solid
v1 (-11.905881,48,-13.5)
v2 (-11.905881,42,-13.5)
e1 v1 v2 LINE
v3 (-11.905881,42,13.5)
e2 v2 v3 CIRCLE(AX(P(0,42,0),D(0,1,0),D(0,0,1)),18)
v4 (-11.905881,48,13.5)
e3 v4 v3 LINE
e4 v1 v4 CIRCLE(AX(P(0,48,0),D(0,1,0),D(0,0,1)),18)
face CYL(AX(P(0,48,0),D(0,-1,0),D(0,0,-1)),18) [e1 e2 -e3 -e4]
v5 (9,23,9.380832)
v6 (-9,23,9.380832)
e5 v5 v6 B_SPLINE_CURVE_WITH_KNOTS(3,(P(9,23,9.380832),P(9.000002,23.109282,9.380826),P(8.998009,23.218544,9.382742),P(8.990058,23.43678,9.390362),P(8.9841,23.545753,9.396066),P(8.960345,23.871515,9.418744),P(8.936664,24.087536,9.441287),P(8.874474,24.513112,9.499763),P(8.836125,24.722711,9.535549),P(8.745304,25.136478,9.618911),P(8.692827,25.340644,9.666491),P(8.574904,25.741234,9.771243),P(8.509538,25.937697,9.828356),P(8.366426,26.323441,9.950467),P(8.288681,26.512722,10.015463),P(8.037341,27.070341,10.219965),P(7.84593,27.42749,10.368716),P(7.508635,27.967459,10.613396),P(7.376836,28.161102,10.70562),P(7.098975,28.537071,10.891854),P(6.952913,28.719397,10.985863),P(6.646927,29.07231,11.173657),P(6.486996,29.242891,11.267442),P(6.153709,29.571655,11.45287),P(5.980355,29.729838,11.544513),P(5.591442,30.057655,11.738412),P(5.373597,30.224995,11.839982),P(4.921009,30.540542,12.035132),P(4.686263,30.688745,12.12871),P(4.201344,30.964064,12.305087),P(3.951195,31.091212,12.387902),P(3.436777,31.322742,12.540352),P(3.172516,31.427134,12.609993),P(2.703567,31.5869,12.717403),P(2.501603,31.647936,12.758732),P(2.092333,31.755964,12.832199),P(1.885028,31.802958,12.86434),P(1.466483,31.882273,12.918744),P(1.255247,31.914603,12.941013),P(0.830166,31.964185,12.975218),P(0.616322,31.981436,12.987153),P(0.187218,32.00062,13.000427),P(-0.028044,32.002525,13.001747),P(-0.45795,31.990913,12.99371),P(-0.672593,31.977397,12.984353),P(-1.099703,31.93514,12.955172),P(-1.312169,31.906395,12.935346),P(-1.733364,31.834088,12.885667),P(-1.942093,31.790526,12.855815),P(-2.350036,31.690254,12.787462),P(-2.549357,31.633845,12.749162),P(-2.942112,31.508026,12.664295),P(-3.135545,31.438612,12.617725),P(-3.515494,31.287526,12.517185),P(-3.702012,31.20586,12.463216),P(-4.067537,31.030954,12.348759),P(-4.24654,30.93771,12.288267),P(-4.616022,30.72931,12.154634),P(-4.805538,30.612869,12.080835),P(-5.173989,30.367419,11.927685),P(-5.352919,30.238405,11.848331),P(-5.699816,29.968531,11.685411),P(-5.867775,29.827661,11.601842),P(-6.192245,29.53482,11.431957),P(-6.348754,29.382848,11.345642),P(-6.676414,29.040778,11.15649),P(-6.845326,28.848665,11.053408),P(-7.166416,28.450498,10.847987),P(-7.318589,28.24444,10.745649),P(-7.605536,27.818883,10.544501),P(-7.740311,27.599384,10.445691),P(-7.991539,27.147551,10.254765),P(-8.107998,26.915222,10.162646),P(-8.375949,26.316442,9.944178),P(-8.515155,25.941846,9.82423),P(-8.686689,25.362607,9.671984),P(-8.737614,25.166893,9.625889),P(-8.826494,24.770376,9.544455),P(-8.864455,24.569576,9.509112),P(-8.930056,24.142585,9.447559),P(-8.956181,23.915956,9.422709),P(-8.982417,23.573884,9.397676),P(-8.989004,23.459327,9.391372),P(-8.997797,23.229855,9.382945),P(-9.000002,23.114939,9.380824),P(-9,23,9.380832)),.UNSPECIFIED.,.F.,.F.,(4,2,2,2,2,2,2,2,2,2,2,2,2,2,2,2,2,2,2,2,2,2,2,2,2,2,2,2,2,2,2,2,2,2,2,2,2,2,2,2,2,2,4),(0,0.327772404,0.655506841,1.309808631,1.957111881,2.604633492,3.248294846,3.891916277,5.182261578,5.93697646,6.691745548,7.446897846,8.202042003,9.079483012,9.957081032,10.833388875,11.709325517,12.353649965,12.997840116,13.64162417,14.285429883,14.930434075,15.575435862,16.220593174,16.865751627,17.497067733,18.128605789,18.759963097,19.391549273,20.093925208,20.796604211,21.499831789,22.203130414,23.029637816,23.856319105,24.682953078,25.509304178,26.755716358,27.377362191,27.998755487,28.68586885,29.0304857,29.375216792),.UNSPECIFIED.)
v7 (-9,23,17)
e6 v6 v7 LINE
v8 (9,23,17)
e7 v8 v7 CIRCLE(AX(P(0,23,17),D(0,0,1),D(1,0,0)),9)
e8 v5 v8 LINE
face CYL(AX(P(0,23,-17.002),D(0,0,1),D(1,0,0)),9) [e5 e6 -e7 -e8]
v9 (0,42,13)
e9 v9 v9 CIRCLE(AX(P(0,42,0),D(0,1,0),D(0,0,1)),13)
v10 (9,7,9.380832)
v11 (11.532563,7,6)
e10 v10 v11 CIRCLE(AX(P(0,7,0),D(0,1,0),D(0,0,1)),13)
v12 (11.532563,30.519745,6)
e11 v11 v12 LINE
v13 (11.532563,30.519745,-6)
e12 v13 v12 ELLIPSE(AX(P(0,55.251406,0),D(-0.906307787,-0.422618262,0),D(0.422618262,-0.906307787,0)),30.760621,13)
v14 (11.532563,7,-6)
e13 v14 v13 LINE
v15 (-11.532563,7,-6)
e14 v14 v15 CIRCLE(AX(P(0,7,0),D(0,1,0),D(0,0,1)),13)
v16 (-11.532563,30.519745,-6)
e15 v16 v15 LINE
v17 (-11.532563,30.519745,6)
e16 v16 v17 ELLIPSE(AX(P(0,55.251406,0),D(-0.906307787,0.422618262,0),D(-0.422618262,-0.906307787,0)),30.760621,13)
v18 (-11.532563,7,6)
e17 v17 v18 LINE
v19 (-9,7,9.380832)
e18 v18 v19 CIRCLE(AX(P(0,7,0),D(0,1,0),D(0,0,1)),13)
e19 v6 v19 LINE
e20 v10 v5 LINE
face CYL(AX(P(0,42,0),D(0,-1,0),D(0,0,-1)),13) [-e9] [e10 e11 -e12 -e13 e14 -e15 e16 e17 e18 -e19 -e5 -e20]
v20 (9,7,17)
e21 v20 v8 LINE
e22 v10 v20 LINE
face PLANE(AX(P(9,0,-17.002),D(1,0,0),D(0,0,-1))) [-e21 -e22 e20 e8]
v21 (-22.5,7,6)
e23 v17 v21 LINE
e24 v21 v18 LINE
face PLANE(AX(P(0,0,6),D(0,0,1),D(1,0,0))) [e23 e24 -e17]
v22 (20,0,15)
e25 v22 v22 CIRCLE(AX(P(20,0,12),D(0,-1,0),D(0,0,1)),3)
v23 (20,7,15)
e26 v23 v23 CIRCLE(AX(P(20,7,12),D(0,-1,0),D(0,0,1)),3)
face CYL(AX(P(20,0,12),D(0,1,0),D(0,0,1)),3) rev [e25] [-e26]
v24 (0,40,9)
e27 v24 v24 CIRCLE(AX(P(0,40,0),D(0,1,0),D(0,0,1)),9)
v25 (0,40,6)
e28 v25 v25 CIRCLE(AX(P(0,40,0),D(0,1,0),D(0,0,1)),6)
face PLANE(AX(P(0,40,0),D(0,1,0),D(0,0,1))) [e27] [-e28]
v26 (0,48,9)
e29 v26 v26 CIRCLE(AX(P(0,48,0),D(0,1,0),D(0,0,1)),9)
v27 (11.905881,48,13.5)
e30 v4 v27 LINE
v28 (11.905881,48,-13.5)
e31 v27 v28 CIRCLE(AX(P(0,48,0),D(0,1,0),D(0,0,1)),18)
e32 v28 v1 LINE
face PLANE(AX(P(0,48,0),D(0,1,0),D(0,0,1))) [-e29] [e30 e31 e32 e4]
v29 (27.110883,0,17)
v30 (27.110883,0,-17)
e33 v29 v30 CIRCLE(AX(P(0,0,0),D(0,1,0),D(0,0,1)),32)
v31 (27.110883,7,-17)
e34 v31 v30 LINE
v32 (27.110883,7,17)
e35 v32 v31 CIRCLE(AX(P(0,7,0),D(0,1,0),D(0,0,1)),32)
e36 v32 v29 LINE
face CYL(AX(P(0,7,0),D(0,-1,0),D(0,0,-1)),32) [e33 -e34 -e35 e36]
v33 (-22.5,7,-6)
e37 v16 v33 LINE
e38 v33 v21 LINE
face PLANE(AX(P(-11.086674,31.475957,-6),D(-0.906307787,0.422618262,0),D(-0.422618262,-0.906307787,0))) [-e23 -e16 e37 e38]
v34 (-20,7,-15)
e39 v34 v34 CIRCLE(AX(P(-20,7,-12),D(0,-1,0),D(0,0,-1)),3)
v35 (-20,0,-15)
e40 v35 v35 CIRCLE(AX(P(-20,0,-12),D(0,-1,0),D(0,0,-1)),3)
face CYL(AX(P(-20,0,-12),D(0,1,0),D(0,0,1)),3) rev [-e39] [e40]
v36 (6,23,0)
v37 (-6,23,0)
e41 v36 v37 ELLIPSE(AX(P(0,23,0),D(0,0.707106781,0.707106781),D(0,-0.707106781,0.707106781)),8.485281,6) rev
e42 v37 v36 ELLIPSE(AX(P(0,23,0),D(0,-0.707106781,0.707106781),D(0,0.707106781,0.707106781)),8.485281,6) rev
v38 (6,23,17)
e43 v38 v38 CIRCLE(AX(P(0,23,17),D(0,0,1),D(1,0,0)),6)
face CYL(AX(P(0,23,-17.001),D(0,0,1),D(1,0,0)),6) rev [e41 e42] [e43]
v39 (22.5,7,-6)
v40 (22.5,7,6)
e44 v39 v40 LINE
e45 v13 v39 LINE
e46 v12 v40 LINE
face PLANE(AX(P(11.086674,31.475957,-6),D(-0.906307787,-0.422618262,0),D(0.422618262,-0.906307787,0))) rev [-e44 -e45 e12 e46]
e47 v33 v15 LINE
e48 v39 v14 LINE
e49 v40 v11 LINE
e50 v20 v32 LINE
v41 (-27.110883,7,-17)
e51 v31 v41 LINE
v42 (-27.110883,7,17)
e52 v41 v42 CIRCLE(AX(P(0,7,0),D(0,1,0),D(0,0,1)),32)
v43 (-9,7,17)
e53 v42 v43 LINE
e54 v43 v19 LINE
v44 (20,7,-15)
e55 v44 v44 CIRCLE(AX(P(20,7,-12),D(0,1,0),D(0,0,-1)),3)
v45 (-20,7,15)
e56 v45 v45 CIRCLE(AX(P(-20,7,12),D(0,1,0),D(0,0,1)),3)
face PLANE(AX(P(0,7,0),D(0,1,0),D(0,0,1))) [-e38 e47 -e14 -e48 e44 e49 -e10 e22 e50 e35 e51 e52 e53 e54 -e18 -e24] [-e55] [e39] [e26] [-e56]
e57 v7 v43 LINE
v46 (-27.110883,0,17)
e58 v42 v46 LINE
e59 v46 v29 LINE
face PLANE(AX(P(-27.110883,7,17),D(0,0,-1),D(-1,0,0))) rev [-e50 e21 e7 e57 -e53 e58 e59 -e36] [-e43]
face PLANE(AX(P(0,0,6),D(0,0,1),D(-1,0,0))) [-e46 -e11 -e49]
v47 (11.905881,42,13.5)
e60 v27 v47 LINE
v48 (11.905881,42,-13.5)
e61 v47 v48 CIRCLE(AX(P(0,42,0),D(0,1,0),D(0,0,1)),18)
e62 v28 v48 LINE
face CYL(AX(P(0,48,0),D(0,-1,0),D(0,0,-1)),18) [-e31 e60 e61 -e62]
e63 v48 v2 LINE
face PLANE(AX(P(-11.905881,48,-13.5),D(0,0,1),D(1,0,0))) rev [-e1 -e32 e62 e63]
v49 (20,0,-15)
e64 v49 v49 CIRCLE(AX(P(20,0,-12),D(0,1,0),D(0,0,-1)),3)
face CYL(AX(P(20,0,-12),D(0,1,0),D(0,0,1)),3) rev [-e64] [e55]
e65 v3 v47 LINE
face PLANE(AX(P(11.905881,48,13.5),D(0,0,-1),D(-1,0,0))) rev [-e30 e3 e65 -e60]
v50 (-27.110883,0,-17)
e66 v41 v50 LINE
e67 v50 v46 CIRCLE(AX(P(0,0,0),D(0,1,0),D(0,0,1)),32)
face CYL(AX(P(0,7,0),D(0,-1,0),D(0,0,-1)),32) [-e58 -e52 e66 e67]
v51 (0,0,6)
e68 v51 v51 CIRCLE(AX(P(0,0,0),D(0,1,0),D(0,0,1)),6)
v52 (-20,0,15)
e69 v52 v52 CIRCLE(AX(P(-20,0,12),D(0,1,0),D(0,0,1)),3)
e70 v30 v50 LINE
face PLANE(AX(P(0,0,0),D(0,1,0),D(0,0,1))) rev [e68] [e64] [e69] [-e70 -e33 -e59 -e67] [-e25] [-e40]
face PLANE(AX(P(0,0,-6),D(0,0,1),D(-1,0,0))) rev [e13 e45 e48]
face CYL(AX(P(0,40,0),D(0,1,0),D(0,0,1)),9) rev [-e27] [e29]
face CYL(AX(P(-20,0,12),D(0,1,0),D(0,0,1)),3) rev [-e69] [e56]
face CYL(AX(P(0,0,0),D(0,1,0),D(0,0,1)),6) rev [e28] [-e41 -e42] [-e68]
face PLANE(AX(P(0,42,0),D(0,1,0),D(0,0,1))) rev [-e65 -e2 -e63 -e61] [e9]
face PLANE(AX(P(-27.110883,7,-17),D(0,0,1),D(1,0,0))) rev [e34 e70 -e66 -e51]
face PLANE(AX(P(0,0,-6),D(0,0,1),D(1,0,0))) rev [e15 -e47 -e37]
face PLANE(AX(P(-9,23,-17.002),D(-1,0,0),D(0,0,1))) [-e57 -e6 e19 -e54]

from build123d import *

# Parameters (mm, degrees)
EXTRUDE_1_DEPTH          = 7
SKETCH_2_R               = 3
CUT_EXTRUDE_1_DEPTH      = 8
MIRROR_2_COPY_1_SKETCH_R = 3
MIRROR_2_COPY_1_DEPTH    = 8
SKETCH_3_R               = 13
EXTRUDE_2_DEPTH          = 35
EXTRUDE_3_DEPTH          = 6
SKETCH_5_R               = 9
CUT_EXTRUDE_2_DEPTH      = 8
SKETCH_6_R               = 6
CUT_EXTRUDE_3_DEPTH      = 41
EXTRUDE_4_REACH          = 36
CUT_EXTRUDE_4_REACH      = 36
SKETCH_8_R               = 6
EXTRUDE_5_DEPTH          = 6


with BuildPart() as part:
    # 草图1 → 凸台-拉伸1 (new body)
    with BuildSketch(Plane(origin=(0, 0, 0), x_dir=(1, 0, 0), z_dir=(0, 1, 0))):
        with BuildLine():
            Line((-27.110883423, 17), (27.110883423, 17))
            ThreePointArc((27.110883423, 17), (32, 0), (27.110883423, -17))
            Line((27.110883423, -17), (-27.110883423, -17))
            ThreePointArc((-27.110883423, -17), (-32, 0), (-27.110883423, 17))
        make_face()
    extrude(amount=EXTRUDE_1_DEPTH)

    # 草图2 → 切除-拉伸1 (cut, through all)
    with BuildSketch(Plane(origin=(0, 7, 0), x_dir=(1, 0, 0), z_dir=(0, 1, 0))):
        with Locations((-20, -12)):
            Circle(SKETCH_2_R)
    cut_extrude_1 = extrude(amount=-CUT_EXTRUDE_1_DEPTH, mode=Mode.SUBTRACT)

    # 镜向1: 切除-拉伸1 across plane
    add(cut_extrude_1.mirror(Plane(origin=(0, 0, 0), x_dir=(0, 0, 1), z_dir=(1, 0, 0))), mode=Mode.SUBTRACT)

    # 镜向2: 切除-拉伸1 across plane
    add(cut_extrude_1.mirror(Plane.XY), mode=Mode.SUBTRACT)

    # 镜向2 copy 1 sketch → 镜向2 copy 1 (cut, through all)
    with BuildSketch(Plane(origin=(0, 7, 0), x_dir=(-1, 0, 0), z_dir=(0, 1, 0))):
        with Locations((-20, -12)):
            Circle(MIRROR_2_COPY_1_SKETCH_R)
    extrude(amount=-MIRROR_2_COPY_1_DEPTH, mode=Mode.SUBTRACT)

    # 草图3 → 凸台-拉伸2 (add)
    with BuildSketch(Plane(origin=(0, 7, 0), x_dir=(1, 0, 0), z_dir=(0, 1, 0))):
        Circle(SKETCH_3_R)
    extrude(amount=EXTRUDE_2_DEPTH)

    # 草图4 → 凸台-拉伸3 (add)
    with BuildSketch(Plane(origin=(0, 42, 0), x_dir=(1, 0, 0), z_dir=(0, 1, 0))):
        with BuildLine():
            Line((-11.9058809, 13.5), (11.9058809, 13.5))
            ThreePointArc((11.9058809, 13.5), (18, 0), (11.9058809, -13.5))
            Line((11.9058809, -13.5), (-11.9058809, -13.5))
            ThreePointArc((-11.9058809, -13.5), (-18, 0), (-11.9058809, 13.5))
        make_face()
    extrude(amount=EXTRUDE_3_DEPTH)

    # 草图5 → 切除-拉伸2 (cut)
    with BuildSketch(Plane(origin=(0, 48, 0), x_dir=(1, 0, 0), z_dir=(0, 1, 0))):
        Circle(SKETCH_5_R)
    extrude(amount=-CUT_EXTRUDE_2_DEPTH, mode=Mode.SUBTRACT)

    # 草图6 → 切除-拉伸3 (cut, through all)
    with BuildSketch(Plane(origin=(0, 40, 0), x_dir=(1, 0, 0), z_dir=(0, 1, 0))):
        Circle(SKETCH_6_R)
    extrude(amount=-CUT_EXTRUDE_3_DEPTH, mode=Mode.SUBTRACT)

    # 草图7 → 凸台-拉伸4 (add, up to next)
    with BuildSketch(Plane.XY.offset(17), mode=Mode.PRIVATE) as extrude_4_sk1:
        with BuildLine():
            Line((-9, 23), (-9, 0))
            Line((-9, 0), (9, 0))
            Line((9, 0), (9, 23))
            ThreePointArc((9, 23), (0, 32), (-9, 23))
        make_face()
    extrude_4_tool1 = extrude(extrude_4_sk1.sketch, amount=-EXTRUDE_4_REACH, mode=Mode.PRIVATE) - part.part
    add(extrude_4_tool1.solids().sort_by_distance((0, 15.10139, 17))[0])

    # 草图8 → 切除-拉伸4 (cut, up to next)
    with BuildSketch(Plane.XY.offset(17), mode=Mode.PRIVATE) as cut_extrude_4_sk1:
        with Locations((0, 23)):
            Circle(SKETCH_8_R)
    cut_extrude_4_tool1 = extrude(cut_extrude_4_sk1.sketch, amount=-CUT_EXTRUDE_4_REACH, mode=Mode.PRIVATE) & part.part
    add(cut_extrude_4_tool1.solids().sort_by_distance((0, 23, 17))[0], mode=Mode.SUBTRACT)

    # 草图9 → 凸台-拉伸5 (add, symmetric)
    with BuildSketch(Plane.XY):
        Polygon((-22.5, 7), (-11.086673611, 7), (-11.086673611, 31.475957428), align=None)
    extrude_5 = extrude(amount=EXTRUDE_5_DEPTH, both=True)

    # 镜向3: 凸台-拉伸5 across plane
    add(extrude_5.mirror(Plane(origin=(0, 0, 0), x_dir=(0, 0, 1), z_dir=(1, 0, 0))))


solid = part.part
